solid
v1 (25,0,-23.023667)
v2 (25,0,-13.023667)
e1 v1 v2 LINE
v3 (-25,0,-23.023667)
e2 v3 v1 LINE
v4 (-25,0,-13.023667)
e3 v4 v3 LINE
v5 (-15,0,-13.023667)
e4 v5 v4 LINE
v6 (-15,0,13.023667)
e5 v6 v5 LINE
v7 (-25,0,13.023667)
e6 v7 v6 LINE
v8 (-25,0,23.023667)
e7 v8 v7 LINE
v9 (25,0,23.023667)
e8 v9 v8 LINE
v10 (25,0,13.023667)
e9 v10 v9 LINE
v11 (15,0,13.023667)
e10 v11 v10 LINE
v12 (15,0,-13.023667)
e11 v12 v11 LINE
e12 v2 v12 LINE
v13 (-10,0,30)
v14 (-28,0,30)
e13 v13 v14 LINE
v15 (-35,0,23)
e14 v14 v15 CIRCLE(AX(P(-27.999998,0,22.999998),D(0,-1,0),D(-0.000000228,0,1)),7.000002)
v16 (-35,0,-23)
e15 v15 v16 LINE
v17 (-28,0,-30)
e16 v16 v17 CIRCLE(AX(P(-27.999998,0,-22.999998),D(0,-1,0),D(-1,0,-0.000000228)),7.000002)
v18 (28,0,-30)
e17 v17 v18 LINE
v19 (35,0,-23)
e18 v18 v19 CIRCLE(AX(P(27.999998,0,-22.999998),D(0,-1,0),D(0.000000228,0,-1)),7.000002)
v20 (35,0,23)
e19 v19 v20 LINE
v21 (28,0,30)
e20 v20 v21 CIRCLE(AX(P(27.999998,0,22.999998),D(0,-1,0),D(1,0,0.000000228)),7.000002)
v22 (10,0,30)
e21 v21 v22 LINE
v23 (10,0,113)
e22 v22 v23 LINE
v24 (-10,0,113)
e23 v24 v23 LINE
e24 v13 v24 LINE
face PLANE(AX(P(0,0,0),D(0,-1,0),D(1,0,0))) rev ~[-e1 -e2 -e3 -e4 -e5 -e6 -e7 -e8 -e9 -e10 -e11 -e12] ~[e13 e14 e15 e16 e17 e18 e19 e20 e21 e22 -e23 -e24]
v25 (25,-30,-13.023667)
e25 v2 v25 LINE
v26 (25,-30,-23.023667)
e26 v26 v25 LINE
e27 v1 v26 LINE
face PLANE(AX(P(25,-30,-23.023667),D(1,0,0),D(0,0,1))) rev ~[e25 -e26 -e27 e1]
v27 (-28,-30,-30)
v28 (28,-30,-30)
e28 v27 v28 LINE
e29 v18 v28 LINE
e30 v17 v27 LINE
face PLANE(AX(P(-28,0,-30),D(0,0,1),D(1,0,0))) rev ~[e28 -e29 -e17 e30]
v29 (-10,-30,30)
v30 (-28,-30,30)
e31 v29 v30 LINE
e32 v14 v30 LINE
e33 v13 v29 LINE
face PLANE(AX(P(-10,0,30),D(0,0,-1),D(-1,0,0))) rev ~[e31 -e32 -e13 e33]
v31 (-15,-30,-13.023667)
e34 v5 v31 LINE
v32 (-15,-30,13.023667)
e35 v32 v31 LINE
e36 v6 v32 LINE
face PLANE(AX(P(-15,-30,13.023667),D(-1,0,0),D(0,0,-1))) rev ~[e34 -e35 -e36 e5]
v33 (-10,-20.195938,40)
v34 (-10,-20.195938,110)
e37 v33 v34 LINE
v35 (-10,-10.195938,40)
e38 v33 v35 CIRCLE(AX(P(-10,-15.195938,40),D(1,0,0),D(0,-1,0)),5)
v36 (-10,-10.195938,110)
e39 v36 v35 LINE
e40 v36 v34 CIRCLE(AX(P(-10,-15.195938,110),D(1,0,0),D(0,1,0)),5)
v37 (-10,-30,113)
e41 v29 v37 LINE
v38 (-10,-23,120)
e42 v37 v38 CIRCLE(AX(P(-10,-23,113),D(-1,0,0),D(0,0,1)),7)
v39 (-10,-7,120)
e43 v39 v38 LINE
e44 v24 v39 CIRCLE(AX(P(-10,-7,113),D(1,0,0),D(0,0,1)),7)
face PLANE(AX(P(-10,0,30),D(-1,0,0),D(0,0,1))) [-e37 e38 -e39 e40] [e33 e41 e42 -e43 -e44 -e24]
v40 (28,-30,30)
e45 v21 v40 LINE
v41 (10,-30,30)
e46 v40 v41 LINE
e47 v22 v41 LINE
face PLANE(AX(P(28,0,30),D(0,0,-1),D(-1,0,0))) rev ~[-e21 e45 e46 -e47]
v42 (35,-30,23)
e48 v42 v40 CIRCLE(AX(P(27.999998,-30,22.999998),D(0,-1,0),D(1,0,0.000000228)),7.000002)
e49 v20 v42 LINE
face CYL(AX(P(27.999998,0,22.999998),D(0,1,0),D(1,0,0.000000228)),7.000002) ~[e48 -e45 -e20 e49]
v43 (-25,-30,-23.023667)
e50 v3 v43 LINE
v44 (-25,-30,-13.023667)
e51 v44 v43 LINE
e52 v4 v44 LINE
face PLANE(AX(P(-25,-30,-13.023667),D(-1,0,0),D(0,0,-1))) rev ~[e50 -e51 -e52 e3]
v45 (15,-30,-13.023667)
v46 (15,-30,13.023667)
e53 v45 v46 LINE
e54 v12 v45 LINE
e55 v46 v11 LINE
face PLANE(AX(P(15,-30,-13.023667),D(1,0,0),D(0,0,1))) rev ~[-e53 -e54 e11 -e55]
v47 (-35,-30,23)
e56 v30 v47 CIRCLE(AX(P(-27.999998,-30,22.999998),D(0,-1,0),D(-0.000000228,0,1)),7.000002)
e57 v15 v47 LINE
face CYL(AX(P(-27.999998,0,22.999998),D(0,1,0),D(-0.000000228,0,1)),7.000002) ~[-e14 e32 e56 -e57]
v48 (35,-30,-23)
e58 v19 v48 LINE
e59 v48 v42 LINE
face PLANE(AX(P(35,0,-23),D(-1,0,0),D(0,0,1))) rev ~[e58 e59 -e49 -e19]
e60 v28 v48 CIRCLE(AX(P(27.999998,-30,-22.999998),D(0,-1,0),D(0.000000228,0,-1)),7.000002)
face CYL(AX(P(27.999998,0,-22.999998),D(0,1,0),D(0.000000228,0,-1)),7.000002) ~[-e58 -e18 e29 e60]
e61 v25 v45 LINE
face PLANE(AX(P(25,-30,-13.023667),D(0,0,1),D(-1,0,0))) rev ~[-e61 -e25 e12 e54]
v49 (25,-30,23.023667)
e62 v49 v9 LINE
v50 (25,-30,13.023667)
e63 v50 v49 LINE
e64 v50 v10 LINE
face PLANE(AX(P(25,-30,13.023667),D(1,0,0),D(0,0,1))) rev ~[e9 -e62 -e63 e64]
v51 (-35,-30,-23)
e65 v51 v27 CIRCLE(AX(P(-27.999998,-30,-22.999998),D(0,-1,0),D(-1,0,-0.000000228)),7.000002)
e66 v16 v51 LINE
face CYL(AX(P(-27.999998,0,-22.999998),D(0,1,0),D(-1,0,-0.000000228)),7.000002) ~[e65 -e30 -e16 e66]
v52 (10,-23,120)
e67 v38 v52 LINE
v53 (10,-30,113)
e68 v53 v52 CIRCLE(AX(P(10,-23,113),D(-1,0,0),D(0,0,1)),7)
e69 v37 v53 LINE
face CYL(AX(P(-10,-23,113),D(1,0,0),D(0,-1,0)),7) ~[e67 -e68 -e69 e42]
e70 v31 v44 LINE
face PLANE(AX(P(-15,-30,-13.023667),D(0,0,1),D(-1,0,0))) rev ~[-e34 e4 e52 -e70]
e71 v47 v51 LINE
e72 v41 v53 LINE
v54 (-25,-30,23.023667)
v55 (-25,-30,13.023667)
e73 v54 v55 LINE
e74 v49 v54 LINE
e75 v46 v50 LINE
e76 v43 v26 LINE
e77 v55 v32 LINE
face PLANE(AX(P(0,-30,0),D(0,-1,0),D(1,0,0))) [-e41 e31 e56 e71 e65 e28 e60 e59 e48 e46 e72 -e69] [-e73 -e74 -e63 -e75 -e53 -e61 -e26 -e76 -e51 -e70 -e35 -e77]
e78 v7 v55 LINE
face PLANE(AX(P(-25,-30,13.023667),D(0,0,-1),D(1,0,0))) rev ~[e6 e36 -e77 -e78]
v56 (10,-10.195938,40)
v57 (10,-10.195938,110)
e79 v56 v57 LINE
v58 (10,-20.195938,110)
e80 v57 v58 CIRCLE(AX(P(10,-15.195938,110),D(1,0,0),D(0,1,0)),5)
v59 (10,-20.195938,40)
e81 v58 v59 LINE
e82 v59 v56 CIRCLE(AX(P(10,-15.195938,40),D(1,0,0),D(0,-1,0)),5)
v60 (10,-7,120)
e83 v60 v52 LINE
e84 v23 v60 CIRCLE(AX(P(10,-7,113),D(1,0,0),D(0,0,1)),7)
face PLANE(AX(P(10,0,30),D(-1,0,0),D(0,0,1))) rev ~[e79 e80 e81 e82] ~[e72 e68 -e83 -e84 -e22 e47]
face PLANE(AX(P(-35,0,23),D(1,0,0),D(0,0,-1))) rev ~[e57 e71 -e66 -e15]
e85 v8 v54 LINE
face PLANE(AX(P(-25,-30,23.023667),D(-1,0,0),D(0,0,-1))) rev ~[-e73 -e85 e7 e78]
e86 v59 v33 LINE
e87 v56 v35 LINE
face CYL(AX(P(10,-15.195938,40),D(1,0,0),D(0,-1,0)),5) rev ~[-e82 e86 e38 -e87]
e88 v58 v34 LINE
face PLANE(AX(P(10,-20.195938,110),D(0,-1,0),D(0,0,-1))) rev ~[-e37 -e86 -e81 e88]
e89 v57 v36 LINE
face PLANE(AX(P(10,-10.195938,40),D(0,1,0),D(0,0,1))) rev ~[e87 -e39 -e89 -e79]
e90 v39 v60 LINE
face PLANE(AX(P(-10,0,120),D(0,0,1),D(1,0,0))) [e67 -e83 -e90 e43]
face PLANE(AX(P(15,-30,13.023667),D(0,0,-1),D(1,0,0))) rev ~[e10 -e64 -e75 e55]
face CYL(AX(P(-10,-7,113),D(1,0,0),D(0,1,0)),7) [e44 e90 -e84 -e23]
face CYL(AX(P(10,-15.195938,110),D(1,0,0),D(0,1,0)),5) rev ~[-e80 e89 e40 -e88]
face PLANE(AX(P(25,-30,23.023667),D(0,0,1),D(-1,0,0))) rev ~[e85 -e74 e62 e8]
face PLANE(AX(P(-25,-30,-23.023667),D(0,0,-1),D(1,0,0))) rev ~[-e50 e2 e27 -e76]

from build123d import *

# Parameters (mm, degrees)
F0_W     = 20
F0_H     = 90
F1_DEPTH = 30
F3_DEPTH = 82
F5_R     = 7
F7_DEPTH = 40.5


with BuildPart() as f1:
    # F0 (on Front) → F1 (new body)
    with BuildSketch(Plane.XZ):
        with BuildLine():
            Line((-28, -30), (28, -30))
            ThreePointArc((28, -30), (32.949747, -27.949747), (35, -23))
            Line((35, -23), (35, 23))
            ThreePointArc((35, 23), (32.949747, 27.949747), (28, 30))
            Line((28, 30), (10, 30))
            Line((10, 30), (-10, 30))
            Line((-10, 30), (-28, 30))
            ThreePointArc((-28, 30), (-32.949747, 27.949747), (-35, 23))
            Line((-35, 23), (-35, -23))
            ThreePointArc((-35, -23), (-32.949747, -27.949747), (-28, -30))
        make_face()
        with Locations((0, 75)):
            Rectangle(F0_W, F0_H)
    extrude(amount=F1_DEPTH)


with BuildPart() as f3:
    # F2 (on face) → F3 (new body, symmetric)
    with BuildSketch(Plane.XZ.offset(30)):
        Polygon((25, 23.023667), (0, 23.023667), (-25, 23.023667), (-25, 13.023667), (-15, 13.023667), (-15, 0.299923), (-15, -0.299923), (-15, -13.023667), (-25, -13.023667), (-25, -23.023667), (0, -23.023667), (25, -23.023667), (25, -13.023667), (15, -13.023667), (15, -0.299923), (15, 0.299923), (15, 13.023667), (25, 13.023667), align=None)
    extrude(amount=F3_DEPTH, both=True)


with BuildPart() as f1_1:
    add(f1.part)

    # F4: cut F3
    add(f3.part, mode=Mode.SUBTRACT)

    # F5
    f5_edges = [f1_1.edges().sort_by_distance(p)[0] for p in [
        (0, -30, 120),
        (0, 0, 120),
    ]]
    fillet(f5_edges, radius=F5_R)


with BuildPart() as f7:
    # F6 (on face) → F7 (new body)
    with BuildSketch(Plane.YZ.offset(10)):
        with BuildLine():
            ThreePointArc((-10.195938, 110), (-15.195938, 115), (-20.195938, 110))
            Line((-20.195938, 110), (-20.195938, 40))
            ThreePointArc((-20.195938, 40), (-15.195938, 35), (-10.195938, 40))
            Line((-10.195938, 40), (-10.195938, 110))
        make_face()
    extrude(amount=-F7_DEPTH)


with BuildPart() as f1_2:
    add(f1_1.part)

    # F8: cut F7
    add(f7.part, mode=Mode.SUBTRACT)


solid = f1_2.part
